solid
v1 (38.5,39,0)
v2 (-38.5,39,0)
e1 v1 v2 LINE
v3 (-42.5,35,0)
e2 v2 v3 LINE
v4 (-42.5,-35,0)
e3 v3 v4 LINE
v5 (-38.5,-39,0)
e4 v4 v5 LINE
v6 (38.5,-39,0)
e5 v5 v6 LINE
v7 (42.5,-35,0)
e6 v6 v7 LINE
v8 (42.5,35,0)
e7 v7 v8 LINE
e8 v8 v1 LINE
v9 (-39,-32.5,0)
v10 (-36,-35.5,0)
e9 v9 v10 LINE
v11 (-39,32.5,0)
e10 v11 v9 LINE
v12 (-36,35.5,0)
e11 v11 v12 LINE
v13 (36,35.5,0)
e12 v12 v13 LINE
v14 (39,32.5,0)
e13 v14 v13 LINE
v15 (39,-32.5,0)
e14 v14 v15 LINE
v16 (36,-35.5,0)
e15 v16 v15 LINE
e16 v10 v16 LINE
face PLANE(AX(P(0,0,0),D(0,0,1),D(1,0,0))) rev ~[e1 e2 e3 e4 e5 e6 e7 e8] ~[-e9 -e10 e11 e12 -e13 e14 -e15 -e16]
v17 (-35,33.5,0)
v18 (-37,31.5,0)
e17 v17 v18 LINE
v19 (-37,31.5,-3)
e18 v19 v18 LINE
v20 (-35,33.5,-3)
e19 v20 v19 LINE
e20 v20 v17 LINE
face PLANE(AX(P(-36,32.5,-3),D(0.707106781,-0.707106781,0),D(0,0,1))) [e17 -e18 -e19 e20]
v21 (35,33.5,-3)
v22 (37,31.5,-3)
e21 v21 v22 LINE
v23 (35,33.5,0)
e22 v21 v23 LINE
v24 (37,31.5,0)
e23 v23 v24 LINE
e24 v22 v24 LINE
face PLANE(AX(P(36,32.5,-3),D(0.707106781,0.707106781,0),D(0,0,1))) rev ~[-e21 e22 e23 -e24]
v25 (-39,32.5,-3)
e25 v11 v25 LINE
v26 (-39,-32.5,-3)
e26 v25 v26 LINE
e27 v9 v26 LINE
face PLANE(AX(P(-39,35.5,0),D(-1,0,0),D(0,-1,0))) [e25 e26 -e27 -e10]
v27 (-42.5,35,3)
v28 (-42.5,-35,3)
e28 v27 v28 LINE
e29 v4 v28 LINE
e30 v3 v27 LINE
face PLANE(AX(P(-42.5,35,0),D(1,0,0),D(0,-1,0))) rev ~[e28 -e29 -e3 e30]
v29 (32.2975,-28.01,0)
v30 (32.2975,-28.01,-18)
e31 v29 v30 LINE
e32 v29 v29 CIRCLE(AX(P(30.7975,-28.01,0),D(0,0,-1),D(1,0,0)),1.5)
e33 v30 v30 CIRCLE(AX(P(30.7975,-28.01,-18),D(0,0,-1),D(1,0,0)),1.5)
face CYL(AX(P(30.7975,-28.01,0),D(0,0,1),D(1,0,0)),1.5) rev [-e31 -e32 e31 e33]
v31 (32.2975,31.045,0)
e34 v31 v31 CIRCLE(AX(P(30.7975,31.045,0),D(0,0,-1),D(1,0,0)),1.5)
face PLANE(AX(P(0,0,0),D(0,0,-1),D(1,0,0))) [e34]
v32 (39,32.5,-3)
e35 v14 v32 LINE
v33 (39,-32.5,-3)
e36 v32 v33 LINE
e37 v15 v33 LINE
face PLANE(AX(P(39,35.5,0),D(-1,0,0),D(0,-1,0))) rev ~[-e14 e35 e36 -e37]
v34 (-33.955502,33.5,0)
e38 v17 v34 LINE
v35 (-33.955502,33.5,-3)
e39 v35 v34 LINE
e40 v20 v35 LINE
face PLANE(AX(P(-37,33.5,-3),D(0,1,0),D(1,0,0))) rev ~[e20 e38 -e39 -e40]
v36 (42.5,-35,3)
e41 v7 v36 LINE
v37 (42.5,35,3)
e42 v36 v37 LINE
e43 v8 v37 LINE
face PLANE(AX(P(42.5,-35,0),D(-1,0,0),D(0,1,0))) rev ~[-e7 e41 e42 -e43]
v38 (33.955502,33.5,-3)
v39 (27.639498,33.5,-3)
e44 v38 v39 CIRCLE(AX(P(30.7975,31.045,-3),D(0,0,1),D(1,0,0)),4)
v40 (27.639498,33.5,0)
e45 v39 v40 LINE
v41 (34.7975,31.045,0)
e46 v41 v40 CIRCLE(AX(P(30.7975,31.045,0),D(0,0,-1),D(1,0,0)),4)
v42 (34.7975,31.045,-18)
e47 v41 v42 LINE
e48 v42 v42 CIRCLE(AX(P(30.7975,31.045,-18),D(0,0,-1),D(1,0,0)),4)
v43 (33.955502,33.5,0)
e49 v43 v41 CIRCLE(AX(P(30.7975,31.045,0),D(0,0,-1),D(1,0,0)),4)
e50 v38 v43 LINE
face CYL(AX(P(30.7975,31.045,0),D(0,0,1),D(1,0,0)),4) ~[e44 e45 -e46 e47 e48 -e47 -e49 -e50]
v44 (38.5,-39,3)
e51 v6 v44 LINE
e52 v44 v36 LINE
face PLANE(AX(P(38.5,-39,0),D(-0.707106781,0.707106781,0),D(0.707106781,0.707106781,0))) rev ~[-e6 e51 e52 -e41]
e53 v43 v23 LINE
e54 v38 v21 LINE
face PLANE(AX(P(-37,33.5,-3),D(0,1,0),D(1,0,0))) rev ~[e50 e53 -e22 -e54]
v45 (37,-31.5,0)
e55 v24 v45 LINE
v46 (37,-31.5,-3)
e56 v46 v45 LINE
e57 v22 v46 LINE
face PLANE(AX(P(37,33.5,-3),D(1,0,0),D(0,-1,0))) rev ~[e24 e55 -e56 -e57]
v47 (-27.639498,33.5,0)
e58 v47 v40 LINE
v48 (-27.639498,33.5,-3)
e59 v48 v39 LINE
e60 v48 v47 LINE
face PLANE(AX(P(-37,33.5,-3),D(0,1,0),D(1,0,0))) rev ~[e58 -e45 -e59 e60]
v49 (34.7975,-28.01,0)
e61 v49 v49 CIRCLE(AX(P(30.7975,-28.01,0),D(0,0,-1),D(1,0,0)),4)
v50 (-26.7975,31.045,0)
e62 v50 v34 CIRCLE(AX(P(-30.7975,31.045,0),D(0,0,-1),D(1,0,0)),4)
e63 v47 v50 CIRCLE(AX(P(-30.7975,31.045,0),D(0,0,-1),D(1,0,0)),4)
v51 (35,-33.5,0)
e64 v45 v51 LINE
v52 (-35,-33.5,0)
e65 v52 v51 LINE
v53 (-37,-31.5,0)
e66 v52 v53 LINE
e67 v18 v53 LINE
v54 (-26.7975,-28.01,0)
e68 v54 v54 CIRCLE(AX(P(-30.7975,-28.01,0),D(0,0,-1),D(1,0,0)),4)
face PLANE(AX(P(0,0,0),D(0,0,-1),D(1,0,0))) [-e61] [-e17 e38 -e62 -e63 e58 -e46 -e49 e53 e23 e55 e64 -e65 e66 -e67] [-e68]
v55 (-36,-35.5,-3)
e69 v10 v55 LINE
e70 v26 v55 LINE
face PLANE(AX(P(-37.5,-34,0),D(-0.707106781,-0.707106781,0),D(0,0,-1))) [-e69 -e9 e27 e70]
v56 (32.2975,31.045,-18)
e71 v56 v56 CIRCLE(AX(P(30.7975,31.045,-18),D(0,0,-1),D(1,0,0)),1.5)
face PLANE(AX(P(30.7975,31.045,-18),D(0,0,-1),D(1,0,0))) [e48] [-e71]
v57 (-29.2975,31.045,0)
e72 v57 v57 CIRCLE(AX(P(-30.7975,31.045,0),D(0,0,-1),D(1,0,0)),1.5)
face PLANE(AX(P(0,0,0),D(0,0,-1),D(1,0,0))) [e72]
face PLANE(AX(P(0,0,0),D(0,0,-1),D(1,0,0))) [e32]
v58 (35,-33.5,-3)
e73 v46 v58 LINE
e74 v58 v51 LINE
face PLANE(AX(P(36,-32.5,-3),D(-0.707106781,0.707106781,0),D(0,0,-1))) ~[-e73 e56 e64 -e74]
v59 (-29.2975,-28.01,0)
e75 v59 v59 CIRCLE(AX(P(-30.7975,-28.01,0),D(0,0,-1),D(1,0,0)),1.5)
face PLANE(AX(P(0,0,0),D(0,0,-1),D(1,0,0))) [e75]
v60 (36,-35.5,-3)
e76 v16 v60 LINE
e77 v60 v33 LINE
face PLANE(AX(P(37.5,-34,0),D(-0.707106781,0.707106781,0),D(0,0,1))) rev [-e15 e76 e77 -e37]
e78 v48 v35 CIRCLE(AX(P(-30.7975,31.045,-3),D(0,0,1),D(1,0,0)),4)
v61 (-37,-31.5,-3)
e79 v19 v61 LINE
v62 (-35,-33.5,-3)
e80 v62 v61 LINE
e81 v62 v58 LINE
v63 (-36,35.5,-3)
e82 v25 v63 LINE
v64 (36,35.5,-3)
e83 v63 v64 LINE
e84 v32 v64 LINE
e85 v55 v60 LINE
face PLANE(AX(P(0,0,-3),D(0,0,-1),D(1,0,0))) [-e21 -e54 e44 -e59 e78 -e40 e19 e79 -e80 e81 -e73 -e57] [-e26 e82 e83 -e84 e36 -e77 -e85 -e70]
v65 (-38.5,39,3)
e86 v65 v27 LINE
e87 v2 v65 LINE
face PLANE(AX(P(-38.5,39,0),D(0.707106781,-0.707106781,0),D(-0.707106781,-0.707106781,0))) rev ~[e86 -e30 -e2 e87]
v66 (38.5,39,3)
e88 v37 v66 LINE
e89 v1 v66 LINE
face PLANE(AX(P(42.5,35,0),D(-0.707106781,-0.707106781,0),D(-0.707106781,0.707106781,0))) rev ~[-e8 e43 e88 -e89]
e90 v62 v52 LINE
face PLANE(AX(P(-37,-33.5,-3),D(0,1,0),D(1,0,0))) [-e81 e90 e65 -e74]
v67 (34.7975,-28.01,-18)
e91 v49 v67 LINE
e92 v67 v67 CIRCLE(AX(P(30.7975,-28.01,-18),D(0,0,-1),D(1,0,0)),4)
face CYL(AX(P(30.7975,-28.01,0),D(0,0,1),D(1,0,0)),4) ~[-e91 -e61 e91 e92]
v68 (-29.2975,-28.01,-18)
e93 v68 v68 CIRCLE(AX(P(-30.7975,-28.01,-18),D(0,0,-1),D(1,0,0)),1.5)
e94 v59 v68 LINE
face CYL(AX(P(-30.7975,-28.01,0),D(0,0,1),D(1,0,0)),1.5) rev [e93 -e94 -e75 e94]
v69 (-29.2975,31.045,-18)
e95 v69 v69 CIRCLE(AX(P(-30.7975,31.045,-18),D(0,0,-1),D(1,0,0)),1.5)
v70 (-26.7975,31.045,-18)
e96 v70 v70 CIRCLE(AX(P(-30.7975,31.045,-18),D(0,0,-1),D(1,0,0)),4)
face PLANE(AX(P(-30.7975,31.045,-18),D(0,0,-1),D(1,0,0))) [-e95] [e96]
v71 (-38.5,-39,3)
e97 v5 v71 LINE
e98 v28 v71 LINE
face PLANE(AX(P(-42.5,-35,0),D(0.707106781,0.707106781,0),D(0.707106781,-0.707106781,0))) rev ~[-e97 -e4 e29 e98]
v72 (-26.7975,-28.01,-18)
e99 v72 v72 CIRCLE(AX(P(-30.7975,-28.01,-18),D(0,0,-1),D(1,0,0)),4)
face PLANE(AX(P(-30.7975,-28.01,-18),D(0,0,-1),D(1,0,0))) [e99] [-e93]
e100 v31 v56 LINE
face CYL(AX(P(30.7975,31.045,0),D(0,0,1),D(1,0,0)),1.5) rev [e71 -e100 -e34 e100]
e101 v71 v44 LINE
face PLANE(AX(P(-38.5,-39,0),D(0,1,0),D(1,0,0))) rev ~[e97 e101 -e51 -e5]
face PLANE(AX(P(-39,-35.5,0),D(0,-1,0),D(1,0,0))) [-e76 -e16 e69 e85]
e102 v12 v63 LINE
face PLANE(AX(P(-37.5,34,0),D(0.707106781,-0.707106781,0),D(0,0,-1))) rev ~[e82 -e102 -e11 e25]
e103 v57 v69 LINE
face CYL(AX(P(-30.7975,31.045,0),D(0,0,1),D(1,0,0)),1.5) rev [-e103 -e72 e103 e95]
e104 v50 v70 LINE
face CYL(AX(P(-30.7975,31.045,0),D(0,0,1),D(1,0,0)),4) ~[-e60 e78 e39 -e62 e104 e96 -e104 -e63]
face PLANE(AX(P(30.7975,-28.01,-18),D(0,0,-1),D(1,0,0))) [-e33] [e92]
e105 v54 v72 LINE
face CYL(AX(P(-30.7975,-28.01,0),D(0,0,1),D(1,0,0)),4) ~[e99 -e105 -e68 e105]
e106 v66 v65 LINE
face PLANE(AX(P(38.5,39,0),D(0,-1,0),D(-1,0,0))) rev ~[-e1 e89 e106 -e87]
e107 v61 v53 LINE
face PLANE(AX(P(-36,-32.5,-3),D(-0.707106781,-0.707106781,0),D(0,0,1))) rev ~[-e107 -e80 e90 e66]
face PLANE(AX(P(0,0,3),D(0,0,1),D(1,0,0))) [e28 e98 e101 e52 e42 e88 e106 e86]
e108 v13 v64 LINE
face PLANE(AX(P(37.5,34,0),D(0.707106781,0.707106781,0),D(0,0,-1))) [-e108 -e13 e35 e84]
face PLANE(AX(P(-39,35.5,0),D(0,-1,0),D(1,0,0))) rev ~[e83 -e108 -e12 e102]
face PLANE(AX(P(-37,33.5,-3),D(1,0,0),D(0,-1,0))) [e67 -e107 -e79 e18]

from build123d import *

# Parameters (mm, degrees)
PAD_DEPTH       = 3
SKETCH001_W     = 78
SKETCH001_H     = 71
PAD001_DEPTH    = 3
CHAMFER_SIZE    = 3
SKETCH002_W     = 74
SKETCH002_H     = 67
POCKET_DEPTH    = 3
CHAMFER001_SIZE = 2
SKETCH003_R     = 4
SKETCH003_R_2   = 1.5
PAD002_DEPTH    = 18


with BuildPart() as part:
    # Sketch → Pad (new body)
    with BuildSketch(Plane.XY):
        Polygon((38.5, 39), (-38.5, 39), (-42.5, 35), (-42.5, -35), (-38.5, -39), (38.5, -39), (42.5, -35), (42.5, 35), align=None)
    extrude(amount=PAD_DEPTH)

    # Sketch001 (on Face9 of Pad) → Pad001 (join)
    with BuildSketch(Plane(origin=(0, 0, 0), x_dir=(1, 0, 0), z_dir=(0, 0, -1))):
        Rectangle(SKETCH001_W, SKETCH001_H)
    extrude(amount=PAD001_DEPTH)

    # Chamfer
    chamfer_edges = [part.edges().sort_by_distance(p)[0] for p in [
        (39, 35.5, -1.5),
        (-39, 35.5, -1.5),
        (-39, -35.5, -1.5),
        (39, -35.5, -1.5),
    ]]
    chamfer(chamfer_edges, length=CHAMFER_SIZE)

    # Sketch002 (on Face18 of Chamfer) → Pocket (cut)
    with BuildSketch(Plane(origin=(0, 0, -3), x_dir=(1, 0, 0), z_dir=(0, 0, -1))):
        Rectangle(SKETCH002_W, SKETCH002_H)
    extrude(amount=-POCKET_DEPTH, mode=Mode.SUBTRACT)

    # Chamfer001
    chamfer001_edges = [part.edges().sort_by_distance(p)[0] for p in [
        (37, 33.5, -1.5),
        (-37, 33.5, -1.5),
        (-37, -33.5, -1.5),
        (37, -33.5, -1.5),
    ]]
    chamfer(chamfer001_edges, length=CHAMFER001_SIZE)

    # Sketch003 (on Face18 of Chamfer001) → Pad002 (join)
    with BuildSketch(Plane(origin=(0, 0, 0), x_dir=(1, 0, 0), z_dir=(0, 0, -1))):
        with Locations((-30.7975, 28.01)):
            Circle(SKETCH003_R)
        with Locations((-30.7975, 28.01)):
            Circle(SKETCH003_R_2, mode=Mode.SUBTRACT)
        with Locations((30.7975, 28.01)):
            Circle(SKETCH003_R)
        with Locations((30.7975, 28.01)):
            Circle(SKETCH003_R_2, mode=Mode.SUBTRACT)
        with Locations((-30.7975, -31.045)):
            Circle(SKETCH003_R)
        with Locations((-30.7975, -31.045)):
            Circle(SKETCH003_R_2, mode=Mode.SUBTRACT)
        with Locations((30.7975, -31.045)):
            Circle(SKETCH003_R)
        with Locations((30.7975, -31.045)):
            Circle(SKETCH003_R_2, mode=Mode.SUBTRACT)
    extrude(amount=PAD002_DEPTH)


solid = part.part
